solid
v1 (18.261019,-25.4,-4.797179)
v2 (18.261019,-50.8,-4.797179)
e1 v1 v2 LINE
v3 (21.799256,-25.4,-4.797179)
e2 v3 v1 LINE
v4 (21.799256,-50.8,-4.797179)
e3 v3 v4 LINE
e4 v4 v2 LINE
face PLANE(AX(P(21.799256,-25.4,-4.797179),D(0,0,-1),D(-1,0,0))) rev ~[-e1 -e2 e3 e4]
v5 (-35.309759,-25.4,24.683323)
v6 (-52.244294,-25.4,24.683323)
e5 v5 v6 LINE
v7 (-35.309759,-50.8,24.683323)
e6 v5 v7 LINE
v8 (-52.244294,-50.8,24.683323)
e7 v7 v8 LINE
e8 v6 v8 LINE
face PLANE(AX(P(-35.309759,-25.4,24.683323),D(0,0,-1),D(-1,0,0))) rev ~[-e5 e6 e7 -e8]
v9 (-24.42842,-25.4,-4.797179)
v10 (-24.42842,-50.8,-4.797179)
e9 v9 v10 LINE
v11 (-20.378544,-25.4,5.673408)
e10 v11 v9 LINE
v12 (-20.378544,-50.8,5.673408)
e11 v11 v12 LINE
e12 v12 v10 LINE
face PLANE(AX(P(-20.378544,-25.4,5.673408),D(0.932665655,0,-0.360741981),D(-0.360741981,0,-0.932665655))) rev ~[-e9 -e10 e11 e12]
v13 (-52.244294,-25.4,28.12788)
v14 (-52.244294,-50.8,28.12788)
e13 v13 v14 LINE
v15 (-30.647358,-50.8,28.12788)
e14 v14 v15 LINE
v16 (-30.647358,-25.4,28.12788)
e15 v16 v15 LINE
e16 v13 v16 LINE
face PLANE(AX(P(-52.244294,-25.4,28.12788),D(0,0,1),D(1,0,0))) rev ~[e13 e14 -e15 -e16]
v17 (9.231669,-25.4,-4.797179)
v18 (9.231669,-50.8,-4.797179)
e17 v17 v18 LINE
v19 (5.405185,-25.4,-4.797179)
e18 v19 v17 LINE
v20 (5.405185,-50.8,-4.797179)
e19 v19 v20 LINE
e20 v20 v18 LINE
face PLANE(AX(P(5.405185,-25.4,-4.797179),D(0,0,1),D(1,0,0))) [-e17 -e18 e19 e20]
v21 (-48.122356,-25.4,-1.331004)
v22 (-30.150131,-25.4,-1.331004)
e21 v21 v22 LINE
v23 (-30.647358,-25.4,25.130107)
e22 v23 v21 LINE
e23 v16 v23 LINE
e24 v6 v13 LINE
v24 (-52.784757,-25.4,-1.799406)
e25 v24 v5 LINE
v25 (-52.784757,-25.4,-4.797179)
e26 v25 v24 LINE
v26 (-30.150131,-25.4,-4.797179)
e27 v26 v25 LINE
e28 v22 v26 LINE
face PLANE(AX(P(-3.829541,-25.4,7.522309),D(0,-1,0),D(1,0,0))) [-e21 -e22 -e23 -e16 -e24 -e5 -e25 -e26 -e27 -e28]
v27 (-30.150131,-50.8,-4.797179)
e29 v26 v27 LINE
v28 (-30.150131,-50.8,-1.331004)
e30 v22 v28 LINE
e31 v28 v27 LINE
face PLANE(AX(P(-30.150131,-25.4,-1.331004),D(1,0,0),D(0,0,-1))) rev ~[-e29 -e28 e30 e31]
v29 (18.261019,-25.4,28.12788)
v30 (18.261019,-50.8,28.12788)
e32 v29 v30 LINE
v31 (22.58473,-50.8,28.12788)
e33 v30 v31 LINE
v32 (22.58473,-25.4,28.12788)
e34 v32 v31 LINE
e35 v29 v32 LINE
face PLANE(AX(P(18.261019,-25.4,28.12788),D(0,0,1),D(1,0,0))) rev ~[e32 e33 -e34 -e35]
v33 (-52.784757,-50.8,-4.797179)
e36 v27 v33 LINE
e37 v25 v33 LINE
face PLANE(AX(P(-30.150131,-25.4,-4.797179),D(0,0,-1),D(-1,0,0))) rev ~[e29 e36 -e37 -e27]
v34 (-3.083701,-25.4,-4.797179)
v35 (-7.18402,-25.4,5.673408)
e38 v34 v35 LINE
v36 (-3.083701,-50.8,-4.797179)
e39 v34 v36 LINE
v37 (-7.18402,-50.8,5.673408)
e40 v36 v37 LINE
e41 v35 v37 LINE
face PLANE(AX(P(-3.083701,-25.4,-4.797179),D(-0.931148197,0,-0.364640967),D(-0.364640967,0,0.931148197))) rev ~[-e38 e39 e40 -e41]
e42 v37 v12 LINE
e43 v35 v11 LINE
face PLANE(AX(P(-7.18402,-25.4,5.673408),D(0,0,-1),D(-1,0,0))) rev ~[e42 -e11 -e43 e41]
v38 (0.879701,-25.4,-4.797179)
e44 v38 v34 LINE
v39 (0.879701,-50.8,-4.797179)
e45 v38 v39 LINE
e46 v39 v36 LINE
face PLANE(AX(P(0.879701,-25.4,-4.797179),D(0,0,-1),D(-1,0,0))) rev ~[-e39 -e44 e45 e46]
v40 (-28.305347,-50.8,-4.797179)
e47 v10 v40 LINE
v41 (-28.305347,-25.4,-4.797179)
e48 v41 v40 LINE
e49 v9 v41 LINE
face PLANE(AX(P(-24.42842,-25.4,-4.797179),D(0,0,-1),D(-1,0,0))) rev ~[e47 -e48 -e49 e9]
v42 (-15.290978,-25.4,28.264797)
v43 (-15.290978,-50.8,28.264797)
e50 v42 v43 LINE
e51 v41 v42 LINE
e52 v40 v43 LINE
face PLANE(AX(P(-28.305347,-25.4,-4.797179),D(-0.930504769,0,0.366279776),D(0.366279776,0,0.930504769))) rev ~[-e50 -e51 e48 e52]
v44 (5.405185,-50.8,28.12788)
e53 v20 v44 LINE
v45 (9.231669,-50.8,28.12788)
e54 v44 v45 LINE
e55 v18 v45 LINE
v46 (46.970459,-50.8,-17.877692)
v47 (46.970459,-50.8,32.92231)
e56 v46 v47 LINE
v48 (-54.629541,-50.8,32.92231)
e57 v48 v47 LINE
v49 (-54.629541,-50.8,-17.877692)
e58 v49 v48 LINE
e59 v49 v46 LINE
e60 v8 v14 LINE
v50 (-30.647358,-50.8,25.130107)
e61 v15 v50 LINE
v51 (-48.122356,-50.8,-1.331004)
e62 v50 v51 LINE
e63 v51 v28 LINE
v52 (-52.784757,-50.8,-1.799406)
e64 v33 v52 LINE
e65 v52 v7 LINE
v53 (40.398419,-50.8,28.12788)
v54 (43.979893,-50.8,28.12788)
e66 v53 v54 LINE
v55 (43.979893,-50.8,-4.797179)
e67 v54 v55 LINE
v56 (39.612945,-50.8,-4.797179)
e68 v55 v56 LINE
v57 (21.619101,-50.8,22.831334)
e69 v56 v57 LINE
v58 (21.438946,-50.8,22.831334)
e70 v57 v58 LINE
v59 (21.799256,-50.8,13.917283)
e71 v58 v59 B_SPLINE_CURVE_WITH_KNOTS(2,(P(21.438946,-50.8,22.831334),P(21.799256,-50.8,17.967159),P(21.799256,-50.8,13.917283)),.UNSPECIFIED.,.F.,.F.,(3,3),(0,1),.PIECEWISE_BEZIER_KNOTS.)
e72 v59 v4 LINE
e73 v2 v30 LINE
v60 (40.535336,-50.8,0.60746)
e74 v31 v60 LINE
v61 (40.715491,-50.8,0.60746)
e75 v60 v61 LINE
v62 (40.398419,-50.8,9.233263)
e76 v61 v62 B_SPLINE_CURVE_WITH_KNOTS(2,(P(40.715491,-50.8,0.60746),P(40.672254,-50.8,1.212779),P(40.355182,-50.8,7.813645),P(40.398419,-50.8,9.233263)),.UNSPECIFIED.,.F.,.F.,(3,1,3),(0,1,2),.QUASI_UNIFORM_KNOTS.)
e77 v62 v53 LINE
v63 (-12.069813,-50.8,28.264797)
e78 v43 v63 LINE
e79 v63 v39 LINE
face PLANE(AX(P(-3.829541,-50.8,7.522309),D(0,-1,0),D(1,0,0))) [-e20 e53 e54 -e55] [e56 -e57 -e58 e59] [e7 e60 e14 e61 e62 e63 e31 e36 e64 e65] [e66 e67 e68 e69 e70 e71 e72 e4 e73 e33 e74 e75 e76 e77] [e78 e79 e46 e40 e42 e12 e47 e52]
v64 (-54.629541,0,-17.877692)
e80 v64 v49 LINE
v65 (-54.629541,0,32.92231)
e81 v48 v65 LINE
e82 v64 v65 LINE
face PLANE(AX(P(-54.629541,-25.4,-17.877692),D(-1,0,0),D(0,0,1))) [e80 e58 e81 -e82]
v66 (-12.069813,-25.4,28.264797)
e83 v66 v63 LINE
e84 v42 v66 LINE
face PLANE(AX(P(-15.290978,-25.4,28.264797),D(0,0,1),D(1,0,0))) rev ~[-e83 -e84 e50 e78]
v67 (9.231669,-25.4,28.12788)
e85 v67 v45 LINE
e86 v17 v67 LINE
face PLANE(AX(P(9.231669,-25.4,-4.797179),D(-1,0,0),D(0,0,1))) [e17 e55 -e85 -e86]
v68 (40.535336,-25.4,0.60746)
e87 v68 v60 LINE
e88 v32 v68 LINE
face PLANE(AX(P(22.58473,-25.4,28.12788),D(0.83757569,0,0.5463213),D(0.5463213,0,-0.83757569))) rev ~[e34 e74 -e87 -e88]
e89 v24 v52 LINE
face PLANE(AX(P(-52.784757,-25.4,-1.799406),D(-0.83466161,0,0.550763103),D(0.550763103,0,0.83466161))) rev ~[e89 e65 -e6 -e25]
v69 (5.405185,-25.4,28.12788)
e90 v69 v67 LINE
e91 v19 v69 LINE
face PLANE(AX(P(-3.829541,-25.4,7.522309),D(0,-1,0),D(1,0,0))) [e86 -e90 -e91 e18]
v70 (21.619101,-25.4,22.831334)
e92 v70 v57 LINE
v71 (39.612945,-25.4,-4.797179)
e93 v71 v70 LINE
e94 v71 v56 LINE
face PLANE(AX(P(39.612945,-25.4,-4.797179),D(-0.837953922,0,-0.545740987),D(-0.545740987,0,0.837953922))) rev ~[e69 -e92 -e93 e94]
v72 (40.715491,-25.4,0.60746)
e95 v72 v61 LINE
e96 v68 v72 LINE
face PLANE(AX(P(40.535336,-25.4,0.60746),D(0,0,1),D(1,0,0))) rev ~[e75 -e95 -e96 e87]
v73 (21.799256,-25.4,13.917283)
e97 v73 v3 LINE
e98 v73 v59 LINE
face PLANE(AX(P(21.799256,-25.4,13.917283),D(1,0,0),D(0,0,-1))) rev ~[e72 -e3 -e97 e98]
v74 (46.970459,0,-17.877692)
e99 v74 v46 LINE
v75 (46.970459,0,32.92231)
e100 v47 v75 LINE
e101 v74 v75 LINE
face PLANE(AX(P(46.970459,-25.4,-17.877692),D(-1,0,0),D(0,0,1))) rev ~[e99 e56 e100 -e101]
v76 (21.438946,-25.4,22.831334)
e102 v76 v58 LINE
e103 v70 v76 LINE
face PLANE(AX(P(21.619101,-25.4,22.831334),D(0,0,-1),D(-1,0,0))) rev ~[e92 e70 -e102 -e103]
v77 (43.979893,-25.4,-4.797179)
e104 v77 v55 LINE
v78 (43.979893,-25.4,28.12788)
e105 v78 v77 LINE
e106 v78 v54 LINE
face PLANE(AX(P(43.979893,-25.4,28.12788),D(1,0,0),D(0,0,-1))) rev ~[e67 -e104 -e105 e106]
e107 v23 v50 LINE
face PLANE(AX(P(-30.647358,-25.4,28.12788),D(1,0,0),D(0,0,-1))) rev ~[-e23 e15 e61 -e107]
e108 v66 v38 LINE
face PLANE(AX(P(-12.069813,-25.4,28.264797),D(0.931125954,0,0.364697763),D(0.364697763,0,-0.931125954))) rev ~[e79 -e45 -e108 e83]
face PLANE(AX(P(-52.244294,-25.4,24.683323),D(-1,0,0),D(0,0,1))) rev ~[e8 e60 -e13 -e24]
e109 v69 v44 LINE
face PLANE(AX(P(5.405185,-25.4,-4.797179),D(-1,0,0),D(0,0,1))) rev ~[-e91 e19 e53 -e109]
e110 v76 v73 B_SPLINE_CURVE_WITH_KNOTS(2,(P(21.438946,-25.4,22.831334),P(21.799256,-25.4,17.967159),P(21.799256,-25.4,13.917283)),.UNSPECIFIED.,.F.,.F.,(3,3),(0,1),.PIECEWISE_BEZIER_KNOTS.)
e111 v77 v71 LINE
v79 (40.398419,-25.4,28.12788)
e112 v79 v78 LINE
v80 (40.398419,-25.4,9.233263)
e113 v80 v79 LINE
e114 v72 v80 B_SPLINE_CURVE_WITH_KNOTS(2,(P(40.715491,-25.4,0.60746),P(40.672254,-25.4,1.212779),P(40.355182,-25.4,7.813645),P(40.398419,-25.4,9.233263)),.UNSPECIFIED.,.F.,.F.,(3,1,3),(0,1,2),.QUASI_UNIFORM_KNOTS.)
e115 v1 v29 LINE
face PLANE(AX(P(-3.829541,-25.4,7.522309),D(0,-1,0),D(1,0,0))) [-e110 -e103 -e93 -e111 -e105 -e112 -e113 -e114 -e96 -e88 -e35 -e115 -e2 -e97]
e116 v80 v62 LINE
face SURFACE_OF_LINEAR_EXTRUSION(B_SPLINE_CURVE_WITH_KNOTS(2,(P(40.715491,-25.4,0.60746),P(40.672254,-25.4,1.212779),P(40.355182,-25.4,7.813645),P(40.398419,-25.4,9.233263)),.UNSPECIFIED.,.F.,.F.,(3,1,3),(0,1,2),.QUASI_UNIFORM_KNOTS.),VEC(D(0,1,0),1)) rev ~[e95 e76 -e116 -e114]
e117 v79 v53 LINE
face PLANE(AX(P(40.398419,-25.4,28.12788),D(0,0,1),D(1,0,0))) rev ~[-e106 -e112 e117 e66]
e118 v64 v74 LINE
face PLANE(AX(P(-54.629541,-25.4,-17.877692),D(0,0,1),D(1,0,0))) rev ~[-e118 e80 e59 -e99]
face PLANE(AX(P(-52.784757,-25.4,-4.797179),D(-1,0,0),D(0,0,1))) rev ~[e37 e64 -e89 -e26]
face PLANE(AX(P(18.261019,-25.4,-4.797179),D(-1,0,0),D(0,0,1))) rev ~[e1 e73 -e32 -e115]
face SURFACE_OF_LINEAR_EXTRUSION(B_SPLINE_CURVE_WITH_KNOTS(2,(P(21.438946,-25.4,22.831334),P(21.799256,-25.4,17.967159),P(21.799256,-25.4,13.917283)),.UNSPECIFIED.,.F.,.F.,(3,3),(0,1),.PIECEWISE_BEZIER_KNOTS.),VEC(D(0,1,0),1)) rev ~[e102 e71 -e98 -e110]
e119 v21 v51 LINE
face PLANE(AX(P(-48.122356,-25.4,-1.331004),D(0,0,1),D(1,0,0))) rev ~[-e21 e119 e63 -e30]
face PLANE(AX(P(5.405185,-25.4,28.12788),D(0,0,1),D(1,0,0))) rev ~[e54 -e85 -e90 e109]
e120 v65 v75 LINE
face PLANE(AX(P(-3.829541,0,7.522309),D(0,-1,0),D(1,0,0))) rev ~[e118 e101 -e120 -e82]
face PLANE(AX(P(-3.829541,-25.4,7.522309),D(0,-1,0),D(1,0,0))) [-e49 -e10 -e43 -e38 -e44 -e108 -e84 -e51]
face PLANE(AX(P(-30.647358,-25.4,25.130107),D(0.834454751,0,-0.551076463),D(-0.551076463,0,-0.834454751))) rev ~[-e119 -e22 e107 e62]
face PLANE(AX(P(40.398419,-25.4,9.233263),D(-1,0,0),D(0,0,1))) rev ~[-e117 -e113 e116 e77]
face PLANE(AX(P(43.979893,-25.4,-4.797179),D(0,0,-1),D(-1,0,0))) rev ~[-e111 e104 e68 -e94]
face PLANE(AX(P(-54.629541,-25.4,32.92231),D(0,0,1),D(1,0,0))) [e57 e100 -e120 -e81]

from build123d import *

# Parameters (mm, degrees)
F0_W     = 101.6
F0_H     = 50.8000018598
F1_DEPTH = 25.4
F2_W     = 101.6
F2_H     = 50.8000018598
F2_W_2   = 3.8264841478
F2_H_2   = 32.9250585148
F3_DEPTH = 25.4


with BuildPart() as f1:
    # F0 (on Front) → F1 (new body)
    with BuildSketch(Plane.XZ):
        with Locations((-3.8295406848, 7.522309199)):
            Rectangle(F0_W, F0_H)
    extrude(amount=F1_DEPTH)

    # F2 (on face) → F3 (join)
    with BuildSketch(Plane.XZ.offset(25.4)):
        with Locations((-3.8295406848, 7.522309199)):
            Rectangle(F2_W, F2_H)
        Polygon((-30.1501307976, -1.3310039), (-30.1501307976, -4.797178806), (-52.7847573669, -4.797178806), (-52.7847573669, -1.7994059143), (-35.30975914, 24.6833233572), (-52.2442935042, 24.6833233572), (-52.2442935042, 28.1278797087), (-30.6473575513, 28.1278797087), (-30.6473575513, 25.1301068171), (-48.1223557781, -1.3310039), align=None, mode=Mode.SUBTRACT)
        Polygon((0.8797011054, -4.797178806), (-3.0837005543, -4.797178806), (-7.1840197259, 5.6734077604), (-20.3785441602, 5.6734077604), (-24.428420038, -4.797178806), (-28.3053474796, -4.797178806), (-15.2909776662, 28.2647972206), (-12.0698130446, 28.2647972206), align=None, mode=Mode.SUBTRACT)
        with Locations((7.3184272562, 11.6653504514)):
            Rectangle(F2_W_2, F2_H_2, mode=Mode.SUBTRACT)
        with BuildLine():
            Line((43.9798926083, 28.1278797087), (43.9798926083, -4.797178806))
            Line((43.9798926083, -4.797178806), (39.6129445978, -4.797178806))
            Line((39.6129445978, -4.797178806), (21.6191010628, 22.8313338544))
            Line((21.6191010628, 22.8313338544), (21.4389464419, 22.8313338544))
            add(Edge.make_bspline(
                [(21.4389464419, 22.8313338544), (21.7992556837, 17.9671590903), (21.7992556837, 13.9172832125)],
                knots=[0, 0, 0, 1, 1, 1], degree=2))
            Line((21.7992556837, 13.9172832125), (21.7992556837, -4.797178806))
            Line((21.7992556837, -4.797178806), (18.2610189293, -4.797178806))
            Line((18.2610189293, -4.797178806), (18.2610189293, 28.1278797087))
            Line((18.2610189293, 28.1278797087), (22.5847298308, 28.1278797087))
            Line((22.5847298308, 28.1278797087), (40.5353362568, 0.6074598208))
            Line((40.5353362568, 0.6074598208), (40.7154908777, 0.6074598208))
            add(Edge.make_bspline(
                [(40.7154908777, 0.6074598208), (40.6722537687, 1.212779347), (40.5137177023, 4.5132120018)],
                knots=[0, 0, 0, 1, 1, 1], degree=2))
            add(Edge.make_bspline(
                [(40.5137177023, 4.5132120018), (40.3551816359, 7.8136446566), (40.3984187449, 9.2332630693)],
                knots=[0, 0, 0, 1, 1, 1], degree=2))
            Line((40.3984187449, 9.2332630693), (40.3984187449, 28.1278797087))
            Line((40.3984187449, 28.1278797087), (43.9798926083, 28.1278797087))
        make_face(mode=Mode.SUBTRACT)
    extrude(amount=F3_DEPTH)


solid = f1.part
